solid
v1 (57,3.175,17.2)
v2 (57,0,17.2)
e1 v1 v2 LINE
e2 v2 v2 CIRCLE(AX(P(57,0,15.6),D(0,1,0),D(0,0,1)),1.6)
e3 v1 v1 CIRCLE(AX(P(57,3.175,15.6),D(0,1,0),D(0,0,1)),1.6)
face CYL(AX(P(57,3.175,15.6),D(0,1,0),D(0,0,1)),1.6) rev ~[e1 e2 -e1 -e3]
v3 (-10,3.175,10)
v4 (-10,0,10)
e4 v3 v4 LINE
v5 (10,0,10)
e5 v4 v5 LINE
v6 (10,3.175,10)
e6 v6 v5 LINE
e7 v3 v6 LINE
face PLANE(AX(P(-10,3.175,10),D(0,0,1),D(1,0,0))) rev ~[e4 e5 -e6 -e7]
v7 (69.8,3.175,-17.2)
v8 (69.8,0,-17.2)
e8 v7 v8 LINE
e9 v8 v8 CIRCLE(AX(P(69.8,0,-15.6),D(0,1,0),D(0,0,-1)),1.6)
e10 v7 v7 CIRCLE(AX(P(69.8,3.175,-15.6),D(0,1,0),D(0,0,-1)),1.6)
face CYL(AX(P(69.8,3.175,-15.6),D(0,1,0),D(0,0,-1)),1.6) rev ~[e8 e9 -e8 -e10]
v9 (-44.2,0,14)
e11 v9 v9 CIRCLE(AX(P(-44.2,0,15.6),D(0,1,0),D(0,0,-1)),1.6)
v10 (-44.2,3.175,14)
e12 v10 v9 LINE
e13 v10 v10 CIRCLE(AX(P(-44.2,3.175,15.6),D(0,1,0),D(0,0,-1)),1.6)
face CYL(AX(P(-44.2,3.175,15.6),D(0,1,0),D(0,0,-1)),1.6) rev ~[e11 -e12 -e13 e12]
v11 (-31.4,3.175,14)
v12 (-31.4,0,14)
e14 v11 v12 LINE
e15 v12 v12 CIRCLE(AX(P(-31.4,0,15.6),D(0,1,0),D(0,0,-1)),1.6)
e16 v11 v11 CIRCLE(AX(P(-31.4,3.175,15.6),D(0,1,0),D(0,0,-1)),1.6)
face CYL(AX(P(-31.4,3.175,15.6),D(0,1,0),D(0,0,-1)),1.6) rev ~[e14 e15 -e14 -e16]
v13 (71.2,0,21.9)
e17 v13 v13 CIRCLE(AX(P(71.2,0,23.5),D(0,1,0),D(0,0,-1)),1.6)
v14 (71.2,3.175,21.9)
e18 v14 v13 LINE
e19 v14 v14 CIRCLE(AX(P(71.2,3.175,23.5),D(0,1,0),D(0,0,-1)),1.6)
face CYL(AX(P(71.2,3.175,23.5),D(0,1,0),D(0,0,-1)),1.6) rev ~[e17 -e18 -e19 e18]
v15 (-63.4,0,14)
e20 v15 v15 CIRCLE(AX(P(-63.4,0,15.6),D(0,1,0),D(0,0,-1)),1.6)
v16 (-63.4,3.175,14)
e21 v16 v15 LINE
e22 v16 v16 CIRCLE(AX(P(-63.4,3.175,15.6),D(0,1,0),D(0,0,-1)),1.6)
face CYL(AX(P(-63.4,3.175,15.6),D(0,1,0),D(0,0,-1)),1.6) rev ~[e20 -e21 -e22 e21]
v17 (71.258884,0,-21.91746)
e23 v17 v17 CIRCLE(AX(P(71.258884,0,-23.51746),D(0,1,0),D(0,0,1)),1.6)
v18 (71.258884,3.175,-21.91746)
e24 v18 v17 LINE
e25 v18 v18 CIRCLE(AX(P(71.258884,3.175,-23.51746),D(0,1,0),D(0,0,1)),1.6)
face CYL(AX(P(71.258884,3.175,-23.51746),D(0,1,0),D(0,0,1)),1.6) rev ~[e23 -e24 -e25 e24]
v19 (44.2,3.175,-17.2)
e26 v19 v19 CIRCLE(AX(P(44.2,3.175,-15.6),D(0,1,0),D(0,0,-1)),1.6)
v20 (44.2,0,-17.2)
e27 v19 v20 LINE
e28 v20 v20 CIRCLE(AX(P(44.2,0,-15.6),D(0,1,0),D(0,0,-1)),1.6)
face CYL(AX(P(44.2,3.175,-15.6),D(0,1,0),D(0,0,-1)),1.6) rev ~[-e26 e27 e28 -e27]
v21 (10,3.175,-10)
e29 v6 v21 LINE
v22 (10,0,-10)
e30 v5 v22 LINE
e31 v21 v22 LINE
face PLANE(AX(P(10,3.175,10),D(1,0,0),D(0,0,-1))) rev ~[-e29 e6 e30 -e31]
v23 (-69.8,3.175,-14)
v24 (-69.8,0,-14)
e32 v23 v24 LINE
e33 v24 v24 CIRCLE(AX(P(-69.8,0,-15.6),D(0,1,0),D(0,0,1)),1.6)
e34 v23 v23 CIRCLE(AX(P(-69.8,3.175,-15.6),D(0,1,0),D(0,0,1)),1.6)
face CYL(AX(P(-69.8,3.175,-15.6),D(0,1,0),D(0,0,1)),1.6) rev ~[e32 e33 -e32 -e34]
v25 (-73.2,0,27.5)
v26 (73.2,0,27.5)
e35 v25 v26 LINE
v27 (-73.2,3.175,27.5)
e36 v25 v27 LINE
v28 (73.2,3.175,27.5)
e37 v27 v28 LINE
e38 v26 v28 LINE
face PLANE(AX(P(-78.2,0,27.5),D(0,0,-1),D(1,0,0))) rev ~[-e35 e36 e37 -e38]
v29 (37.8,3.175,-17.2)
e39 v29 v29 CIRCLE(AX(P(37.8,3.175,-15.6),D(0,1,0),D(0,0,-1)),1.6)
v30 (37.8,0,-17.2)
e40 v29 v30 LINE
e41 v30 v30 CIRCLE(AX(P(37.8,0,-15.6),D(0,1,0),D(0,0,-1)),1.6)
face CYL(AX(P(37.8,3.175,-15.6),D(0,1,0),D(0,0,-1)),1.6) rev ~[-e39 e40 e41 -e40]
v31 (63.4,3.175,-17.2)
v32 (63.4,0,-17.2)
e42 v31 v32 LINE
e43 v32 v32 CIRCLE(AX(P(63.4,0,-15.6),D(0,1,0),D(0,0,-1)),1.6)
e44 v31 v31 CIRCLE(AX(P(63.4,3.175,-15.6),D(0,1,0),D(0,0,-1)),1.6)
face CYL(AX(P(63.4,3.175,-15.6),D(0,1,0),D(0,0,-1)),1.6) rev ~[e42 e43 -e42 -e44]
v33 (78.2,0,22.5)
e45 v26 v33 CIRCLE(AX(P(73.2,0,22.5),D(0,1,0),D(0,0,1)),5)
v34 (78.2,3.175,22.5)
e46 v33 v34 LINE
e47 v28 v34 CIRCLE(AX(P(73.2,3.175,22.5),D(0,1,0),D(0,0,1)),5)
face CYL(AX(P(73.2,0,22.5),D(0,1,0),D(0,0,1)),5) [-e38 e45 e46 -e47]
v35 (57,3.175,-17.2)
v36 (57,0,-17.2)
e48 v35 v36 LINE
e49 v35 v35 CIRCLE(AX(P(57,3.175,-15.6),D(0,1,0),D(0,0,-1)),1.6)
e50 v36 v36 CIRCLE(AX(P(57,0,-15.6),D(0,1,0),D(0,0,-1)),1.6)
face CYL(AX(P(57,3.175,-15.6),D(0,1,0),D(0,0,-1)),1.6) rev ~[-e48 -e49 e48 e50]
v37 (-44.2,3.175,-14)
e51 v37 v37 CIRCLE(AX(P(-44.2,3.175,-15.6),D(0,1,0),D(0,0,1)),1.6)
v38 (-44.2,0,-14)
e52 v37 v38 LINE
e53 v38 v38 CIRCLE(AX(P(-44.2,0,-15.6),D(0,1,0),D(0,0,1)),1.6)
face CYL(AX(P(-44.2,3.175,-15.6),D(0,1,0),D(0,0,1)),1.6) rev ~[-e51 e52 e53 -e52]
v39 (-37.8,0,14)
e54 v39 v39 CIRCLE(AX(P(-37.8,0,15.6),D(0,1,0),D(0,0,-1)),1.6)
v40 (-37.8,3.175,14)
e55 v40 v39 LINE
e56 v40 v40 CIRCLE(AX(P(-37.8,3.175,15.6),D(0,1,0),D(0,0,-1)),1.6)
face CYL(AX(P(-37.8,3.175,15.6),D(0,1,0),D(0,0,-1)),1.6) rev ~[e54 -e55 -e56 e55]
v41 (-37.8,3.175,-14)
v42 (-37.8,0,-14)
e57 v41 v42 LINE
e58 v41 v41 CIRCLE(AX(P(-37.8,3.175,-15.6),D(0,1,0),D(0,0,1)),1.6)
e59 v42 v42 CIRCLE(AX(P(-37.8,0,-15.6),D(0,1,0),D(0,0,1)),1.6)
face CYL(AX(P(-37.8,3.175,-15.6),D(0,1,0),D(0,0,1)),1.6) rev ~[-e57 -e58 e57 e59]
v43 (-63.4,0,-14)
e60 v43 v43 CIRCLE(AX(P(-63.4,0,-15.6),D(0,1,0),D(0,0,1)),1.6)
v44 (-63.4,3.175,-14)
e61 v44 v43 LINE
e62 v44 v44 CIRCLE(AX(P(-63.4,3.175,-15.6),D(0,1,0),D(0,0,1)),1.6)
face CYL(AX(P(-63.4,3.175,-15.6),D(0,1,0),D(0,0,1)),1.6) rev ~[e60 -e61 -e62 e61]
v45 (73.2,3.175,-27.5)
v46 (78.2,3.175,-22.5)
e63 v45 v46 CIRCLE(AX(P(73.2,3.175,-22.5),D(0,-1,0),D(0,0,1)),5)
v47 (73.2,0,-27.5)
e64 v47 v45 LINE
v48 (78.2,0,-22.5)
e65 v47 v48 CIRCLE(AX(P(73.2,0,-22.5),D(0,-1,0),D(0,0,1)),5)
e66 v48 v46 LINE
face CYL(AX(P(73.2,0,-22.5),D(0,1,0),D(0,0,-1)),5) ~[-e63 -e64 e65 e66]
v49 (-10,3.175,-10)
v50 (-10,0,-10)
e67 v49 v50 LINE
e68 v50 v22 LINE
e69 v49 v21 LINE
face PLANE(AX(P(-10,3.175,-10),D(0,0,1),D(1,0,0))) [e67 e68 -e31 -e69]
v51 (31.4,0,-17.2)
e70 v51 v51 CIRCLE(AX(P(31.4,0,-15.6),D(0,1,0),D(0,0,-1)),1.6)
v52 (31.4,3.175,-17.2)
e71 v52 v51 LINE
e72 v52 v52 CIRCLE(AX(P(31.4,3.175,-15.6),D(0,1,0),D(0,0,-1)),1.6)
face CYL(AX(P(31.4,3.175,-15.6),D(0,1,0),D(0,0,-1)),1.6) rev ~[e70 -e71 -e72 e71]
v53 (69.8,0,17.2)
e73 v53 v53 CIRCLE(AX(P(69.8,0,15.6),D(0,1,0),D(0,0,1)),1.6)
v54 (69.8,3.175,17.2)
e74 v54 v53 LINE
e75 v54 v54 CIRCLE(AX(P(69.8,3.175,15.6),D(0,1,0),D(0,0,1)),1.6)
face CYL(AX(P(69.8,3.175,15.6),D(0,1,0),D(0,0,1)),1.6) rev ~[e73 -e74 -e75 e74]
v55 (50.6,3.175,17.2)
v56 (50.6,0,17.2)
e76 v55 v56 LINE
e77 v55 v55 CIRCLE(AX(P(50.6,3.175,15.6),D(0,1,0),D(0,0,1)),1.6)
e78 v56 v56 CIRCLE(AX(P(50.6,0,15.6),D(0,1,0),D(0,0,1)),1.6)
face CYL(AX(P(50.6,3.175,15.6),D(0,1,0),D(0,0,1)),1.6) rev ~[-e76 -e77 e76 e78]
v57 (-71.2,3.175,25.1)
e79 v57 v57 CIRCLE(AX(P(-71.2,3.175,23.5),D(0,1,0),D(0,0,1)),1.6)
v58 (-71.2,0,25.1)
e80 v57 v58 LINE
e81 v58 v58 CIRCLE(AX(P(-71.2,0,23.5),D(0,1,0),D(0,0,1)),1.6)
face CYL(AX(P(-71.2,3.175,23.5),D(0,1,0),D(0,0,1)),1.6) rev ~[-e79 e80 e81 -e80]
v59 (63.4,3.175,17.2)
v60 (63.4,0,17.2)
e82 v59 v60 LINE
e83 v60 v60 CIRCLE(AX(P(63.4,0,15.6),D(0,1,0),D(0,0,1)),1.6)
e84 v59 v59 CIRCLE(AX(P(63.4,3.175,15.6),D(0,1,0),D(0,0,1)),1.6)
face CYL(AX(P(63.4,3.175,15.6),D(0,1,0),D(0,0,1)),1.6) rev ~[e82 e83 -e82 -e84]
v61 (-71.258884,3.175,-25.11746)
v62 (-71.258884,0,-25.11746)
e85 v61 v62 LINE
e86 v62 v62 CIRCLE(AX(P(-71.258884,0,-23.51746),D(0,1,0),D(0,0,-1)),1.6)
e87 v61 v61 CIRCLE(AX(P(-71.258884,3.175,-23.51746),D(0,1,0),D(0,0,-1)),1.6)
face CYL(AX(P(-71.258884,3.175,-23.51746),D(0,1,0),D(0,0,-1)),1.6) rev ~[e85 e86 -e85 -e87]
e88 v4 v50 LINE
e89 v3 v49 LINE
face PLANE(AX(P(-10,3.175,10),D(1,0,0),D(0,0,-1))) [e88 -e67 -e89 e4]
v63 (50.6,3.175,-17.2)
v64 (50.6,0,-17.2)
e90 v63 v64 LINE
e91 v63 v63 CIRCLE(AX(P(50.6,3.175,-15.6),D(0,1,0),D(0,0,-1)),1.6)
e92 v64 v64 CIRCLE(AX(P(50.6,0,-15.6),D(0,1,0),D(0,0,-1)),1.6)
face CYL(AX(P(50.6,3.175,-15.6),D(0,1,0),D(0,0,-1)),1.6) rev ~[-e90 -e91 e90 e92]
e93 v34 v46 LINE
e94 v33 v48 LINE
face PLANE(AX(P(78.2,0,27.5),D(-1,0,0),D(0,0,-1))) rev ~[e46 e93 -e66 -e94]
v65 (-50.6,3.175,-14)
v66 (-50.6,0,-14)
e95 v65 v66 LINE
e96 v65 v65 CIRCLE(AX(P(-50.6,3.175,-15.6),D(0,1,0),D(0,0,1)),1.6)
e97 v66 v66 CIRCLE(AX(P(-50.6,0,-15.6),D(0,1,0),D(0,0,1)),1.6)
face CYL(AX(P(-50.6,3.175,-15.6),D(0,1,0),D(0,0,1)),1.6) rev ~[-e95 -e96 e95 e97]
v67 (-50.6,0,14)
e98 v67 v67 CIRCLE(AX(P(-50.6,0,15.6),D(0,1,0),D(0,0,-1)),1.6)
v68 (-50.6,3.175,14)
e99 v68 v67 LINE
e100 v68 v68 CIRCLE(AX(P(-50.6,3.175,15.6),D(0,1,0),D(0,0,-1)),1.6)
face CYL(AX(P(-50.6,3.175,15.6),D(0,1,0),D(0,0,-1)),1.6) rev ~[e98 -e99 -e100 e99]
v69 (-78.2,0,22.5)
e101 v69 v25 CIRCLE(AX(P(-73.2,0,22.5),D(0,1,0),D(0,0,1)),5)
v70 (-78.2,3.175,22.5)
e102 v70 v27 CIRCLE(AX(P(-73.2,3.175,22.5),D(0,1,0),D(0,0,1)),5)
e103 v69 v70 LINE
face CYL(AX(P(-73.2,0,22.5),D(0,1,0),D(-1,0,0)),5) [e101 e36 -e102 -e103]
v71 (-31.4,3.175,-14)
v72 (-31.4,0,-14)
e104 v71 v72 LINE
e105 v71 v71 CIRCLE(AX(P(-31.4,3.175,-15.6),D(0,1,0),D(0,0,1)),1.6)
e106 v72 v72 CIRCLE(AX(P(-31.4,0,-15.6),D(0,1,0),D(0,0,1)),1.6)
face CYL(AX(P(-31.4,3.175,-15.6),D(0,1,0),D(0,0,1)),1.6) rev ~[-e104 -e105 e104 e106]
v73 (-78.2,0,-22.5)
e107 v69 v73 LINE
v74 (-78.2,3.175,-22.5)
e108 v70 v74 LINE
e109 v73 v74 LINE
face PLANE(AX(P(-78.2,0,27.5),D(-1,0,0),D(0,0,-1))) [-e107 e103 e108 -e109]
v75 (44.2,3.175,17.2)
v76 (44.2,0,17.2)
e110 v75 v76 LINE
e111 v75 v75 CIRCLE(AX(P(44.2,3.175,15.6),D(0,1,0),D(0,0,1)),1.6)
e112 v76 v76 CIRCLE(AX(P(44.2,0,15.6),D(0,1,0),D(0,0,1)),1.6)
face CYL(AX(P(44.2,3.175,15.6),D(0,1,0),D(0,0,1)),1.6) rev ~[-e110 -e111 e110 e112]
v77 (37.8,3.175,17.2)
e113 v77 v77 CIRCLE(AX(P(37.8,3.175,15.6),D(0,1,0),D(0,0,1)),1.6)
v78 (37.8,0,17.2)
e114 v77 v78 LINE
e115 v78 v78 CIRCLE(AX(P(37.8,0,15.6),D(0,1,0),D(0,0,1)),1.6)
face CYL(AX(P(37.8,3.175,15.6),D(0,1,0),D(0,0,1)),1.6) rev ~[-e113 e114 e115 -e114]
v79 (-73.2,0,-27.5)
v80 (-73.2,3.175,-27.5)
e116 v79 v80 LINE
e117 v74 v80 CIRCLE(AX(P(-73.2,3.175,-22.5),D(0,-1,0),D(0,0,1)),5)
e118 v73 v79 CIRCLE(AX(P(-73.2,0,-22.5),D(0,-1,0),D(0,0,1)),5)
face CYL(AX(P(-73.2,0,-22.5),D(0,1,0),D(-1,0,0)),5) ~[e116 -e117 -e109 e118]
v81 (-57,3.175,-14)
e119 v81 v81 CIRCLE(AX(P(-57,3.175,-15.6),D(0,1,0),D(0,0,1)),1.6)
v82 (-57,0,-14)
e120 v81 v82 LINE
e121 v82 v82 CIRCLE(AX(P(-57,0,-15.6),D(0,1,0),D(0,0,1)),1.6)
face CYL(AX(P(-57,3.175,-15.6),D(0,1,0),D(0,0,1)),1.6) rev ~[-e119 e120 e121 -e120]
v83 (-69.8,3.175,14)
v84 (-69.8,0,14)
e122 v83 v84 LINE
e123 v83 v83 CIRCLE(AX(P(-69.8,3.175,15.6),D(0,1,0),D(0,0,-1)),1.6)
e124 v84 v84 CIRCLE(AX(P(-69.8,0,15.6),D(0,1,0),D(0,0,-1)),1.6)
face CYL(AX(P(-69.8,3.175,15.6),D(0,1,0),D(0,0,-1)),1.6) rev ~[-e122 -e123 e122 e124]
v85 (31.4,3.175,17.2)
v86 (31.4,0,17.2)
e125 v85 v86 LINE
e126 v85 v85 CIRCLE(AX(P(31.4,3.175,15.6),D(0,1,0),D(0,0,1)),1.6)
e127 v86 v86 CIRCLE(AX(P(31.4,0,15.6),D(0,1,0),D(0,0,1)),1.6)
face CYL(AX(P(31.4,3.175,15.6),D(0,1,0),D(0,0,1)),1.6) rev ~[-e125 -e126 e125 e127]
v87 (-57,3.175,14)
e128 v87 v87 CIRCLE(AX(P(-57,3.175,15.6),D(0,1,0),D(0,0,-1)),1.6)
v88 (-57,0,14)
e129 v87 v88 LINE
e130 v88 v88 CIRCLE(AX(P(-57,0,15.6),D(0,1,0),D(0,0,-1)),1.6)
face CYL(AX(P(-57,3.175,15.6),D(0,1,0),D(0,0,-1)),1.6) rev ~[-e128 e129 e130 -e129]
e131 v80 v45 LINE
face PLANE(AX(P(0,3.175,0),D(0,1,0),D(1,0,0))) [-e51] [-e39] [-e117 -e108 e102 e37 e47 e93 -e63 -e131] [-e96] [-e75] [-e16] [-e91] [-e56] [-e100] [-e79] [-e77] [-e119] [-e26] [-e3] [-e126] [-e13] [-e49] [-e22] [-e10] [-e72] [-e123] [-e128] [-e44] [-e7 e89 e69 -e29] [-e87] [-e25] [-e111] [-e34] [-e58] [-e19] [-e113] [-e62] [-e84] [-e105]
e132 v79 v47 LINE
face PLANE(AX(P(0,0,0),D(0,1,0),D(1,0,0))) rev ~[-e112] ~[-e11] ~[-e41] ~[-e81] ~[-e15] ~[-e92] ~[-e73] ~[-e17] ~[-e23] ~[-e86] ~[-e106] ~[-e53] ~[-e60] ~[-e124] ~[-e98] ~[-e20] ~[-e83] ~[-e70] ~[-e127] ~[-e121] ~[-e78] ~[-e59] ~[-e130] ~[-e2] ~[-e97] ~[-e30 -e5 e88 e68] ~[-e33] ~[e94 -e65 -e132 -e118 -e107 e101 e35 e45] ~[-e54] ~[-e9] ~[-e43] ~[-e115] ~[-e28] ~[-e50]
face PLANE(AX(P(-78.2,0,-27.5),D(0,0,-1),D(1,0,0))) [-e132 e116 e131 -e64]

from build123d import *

# Parameters (mm, degrees)
SKETCH2_W           = 156.4
SKETCH2_H           = 55
BOSS_EXTRUDE1_DEPTH = 3.175
SKETCH5_R           = 1.6
CUT_EXTRUDE3_DEPTH  = 83.955232656
SKETCH6_R           = 1.6
CUT_EXTRUDE4_DEPTH  = 83.955232656
SKETCH7_W           = 20
SKETCH7_H           = 20
CUT_EXTRUDE5_DEPTH  = 83.955232656
FILLET1_R           = 5


with BuildPart() as part:
    # Sketch2 → Boss-Extrude1 (new body)
    with BuildSketch(Plane(origin=(0, 0, 0), x_dir=(1, 0, 0), z_dir=(0, 1, 0))):
        Rectangle(SKETCH2_W, SKETCH2_H)
    extrude(amount=BOSS_EXTRUDE1_DEPTH)

    # Sketch5 → Cut-Extrude3 (cut, through all)
    with BuildSketch(Plane(origin=(0, 3.175, 0), x_dir=(1, 0, 0), z_dir=(0, 1, 0))):
        with Locations(Location((-71.2, -23.5, 0), (0, 0, 270))):
            Circle(SKETCH5_R)
        with Locations(Location((-71.258884374, 23.517459766, 0), (0, 0, 90))):
            Circle(SKETCH5_R)
        with Locations(Location((71.258884374, 23.517459766, 0), (0, 0, 270))):
            Circle(SKETCH5_R)
        with Locations(Location((71.2, -23.5, 0), (0, 0, 90))):
            Circle(SKETCH5_R)
    extrude(amount=-CUT_EXTRUDE3_DEPTH, mode=Mode.SUBTRACT)

    # Sketch6 → Cut-Extrude4 (cut, through all)
    with BuildSketch(Plane(origin=(0, 3.175, 0), x_dir=(1, 0, 0), z_dir=(0, 1, 0))):
        with Locations(Location((69.8, -15.6, 0), (0, 0, 270))):
            Circle(SKETCH6_R)
        with Locations(Location((63.4, -15.6, 0), (0, 0, 270))):
            Circle(SKETCH6_R)
        with Locations(Location((57, -15.6, 0), (0, 0, 270))):
            Circle(SKETCH6_R)
        with Locations(Location((50.6, -15.6, 0), (0, 0, 270))):
            Circle(SKETCH6_R)
        with Locations(Location((37.8, -15.6, 0), (0, 0, 270))):
            Circle(SKETCH6_R)
        with Locations(Location((31.4, -15.6, 0), (0, 0, 270))):
            Circle(SKETCH6_R)
        with Locations(Location((44.2, -15.6, 0), (0, 0, 270))):
            Circle(SKETCH6_R)
        with Locations(Location((31.4, 15.6, 0), (0, 0, 90))):
            Circle(SKETCH6_R)
        with Locations(Location((37.8, 15.6, 0), (0, 0, 90))):
            Circle(SKETCH6_R)
        with Locations(Location((44.2, 15.6, 0), (0, 0, 90))):
            Circle(SKETCH6_R)
        with Locations(Location((50.6, 15.6, 0), (0, 0, 90))):
            Circle(SKETCH6_R)
        with Locations(Location((57, 15.6, 0), (0, 0, 90))):
            Circle(SKETCH6_R)
        with Locations(Location((63.4, 15.6, 0), (0, 0, 90))):
            Circle(SKETCH6_R)
        with Locations(Location((69.8, 15.6, 0), (0, 0, 90))):
            Circle(SKETCH6_R)
        with Locations(Location((-31.4, 15.6, 0), (0, 0, 270))):
            Circle(SKETCH6_R)
        with Locations(Location((-37.8, 15.6, 0), (0, 0, 270))):
            Circle(SKETCH6_R)
        with Locations(Location((-44.2, 15.6, 0), (0, 0, 270))):
            Circle(SKETCH6_R)
        with Locations(Location((-50.6, 15.6, 0), (0, 0, 270))):
            Circle(SKETCH6_R)
        with Locations(Location((-57, 15.6, 0), (0, 0, 270))):
            Circle(SKETCH6_R)
        with Locations(Location((-63.4, 15.6, 0), (0, 0, 270))):
            Circle(SKETCH6_R)
        with Locations(Location((-69.8, 15.6, 0), (0, 0, 270))):
            Circle(SKETCH6_R)
        with Locations(Location((-31.4, -15.6, 0), (0, 0, 90))):
            Circle(SKETCH6_R)
        with Locations(Location((-37.8, -15.6, 0), (0, 0, 90))):
            Circle(SKETCH6_R)
        with Locations(Location((-44.2, -15.6, 0), (0, 0, 90))):
            Circle(SKETCH6_R)
        with Locations(Location((-50.6, -15.6, 0), (0, 0, 90))):
            Circle(SKETCH6_R)
        with Locations(Location((-57, -15.6, 0), (0, 0, 90))):
            Circle(SKETCH6_R)
        with Locations(Location((-63.4, -15.6, 0), (0, 0, 90))):
            Circle(SKETCH6_R)
        with Locations(Location((-69.8, -15.6, 0), (0, 0, 90))):
            Circle(SKETCH6_R)
    extrude(amount=-CUT_EXTRUDE4_DEPTH, mode=Mode.SUBTRACT)

    # Sketch7 → Cut-Extrude5 (cut, through all)
    with BuildSketch(Plane(origin=(0, 3.175, 0), x_dir=(1, 0, 0), z_dir=(0, 1, 0))):
        Rectangle(SKETCH7_W, SKETCH7_H)
    extrude(amount=-CUT_EXTRUDE5_DEPTH, mode=Mode.SUBTRACT)

    # Fillet1
    fillet1_edges = [part.edges().sort_by_distance(p)[0] for p in [
        (78.2, 1.5875, 27.5),
        (-78.2, 1.5875, 27.5),
        (-78.2, 1.5875, -27.5),
        (78.2, 1.5875, -27.5),
    ]]
    fillet(fillet1_edges, radius=FILLET1_R)


solid = part.part
